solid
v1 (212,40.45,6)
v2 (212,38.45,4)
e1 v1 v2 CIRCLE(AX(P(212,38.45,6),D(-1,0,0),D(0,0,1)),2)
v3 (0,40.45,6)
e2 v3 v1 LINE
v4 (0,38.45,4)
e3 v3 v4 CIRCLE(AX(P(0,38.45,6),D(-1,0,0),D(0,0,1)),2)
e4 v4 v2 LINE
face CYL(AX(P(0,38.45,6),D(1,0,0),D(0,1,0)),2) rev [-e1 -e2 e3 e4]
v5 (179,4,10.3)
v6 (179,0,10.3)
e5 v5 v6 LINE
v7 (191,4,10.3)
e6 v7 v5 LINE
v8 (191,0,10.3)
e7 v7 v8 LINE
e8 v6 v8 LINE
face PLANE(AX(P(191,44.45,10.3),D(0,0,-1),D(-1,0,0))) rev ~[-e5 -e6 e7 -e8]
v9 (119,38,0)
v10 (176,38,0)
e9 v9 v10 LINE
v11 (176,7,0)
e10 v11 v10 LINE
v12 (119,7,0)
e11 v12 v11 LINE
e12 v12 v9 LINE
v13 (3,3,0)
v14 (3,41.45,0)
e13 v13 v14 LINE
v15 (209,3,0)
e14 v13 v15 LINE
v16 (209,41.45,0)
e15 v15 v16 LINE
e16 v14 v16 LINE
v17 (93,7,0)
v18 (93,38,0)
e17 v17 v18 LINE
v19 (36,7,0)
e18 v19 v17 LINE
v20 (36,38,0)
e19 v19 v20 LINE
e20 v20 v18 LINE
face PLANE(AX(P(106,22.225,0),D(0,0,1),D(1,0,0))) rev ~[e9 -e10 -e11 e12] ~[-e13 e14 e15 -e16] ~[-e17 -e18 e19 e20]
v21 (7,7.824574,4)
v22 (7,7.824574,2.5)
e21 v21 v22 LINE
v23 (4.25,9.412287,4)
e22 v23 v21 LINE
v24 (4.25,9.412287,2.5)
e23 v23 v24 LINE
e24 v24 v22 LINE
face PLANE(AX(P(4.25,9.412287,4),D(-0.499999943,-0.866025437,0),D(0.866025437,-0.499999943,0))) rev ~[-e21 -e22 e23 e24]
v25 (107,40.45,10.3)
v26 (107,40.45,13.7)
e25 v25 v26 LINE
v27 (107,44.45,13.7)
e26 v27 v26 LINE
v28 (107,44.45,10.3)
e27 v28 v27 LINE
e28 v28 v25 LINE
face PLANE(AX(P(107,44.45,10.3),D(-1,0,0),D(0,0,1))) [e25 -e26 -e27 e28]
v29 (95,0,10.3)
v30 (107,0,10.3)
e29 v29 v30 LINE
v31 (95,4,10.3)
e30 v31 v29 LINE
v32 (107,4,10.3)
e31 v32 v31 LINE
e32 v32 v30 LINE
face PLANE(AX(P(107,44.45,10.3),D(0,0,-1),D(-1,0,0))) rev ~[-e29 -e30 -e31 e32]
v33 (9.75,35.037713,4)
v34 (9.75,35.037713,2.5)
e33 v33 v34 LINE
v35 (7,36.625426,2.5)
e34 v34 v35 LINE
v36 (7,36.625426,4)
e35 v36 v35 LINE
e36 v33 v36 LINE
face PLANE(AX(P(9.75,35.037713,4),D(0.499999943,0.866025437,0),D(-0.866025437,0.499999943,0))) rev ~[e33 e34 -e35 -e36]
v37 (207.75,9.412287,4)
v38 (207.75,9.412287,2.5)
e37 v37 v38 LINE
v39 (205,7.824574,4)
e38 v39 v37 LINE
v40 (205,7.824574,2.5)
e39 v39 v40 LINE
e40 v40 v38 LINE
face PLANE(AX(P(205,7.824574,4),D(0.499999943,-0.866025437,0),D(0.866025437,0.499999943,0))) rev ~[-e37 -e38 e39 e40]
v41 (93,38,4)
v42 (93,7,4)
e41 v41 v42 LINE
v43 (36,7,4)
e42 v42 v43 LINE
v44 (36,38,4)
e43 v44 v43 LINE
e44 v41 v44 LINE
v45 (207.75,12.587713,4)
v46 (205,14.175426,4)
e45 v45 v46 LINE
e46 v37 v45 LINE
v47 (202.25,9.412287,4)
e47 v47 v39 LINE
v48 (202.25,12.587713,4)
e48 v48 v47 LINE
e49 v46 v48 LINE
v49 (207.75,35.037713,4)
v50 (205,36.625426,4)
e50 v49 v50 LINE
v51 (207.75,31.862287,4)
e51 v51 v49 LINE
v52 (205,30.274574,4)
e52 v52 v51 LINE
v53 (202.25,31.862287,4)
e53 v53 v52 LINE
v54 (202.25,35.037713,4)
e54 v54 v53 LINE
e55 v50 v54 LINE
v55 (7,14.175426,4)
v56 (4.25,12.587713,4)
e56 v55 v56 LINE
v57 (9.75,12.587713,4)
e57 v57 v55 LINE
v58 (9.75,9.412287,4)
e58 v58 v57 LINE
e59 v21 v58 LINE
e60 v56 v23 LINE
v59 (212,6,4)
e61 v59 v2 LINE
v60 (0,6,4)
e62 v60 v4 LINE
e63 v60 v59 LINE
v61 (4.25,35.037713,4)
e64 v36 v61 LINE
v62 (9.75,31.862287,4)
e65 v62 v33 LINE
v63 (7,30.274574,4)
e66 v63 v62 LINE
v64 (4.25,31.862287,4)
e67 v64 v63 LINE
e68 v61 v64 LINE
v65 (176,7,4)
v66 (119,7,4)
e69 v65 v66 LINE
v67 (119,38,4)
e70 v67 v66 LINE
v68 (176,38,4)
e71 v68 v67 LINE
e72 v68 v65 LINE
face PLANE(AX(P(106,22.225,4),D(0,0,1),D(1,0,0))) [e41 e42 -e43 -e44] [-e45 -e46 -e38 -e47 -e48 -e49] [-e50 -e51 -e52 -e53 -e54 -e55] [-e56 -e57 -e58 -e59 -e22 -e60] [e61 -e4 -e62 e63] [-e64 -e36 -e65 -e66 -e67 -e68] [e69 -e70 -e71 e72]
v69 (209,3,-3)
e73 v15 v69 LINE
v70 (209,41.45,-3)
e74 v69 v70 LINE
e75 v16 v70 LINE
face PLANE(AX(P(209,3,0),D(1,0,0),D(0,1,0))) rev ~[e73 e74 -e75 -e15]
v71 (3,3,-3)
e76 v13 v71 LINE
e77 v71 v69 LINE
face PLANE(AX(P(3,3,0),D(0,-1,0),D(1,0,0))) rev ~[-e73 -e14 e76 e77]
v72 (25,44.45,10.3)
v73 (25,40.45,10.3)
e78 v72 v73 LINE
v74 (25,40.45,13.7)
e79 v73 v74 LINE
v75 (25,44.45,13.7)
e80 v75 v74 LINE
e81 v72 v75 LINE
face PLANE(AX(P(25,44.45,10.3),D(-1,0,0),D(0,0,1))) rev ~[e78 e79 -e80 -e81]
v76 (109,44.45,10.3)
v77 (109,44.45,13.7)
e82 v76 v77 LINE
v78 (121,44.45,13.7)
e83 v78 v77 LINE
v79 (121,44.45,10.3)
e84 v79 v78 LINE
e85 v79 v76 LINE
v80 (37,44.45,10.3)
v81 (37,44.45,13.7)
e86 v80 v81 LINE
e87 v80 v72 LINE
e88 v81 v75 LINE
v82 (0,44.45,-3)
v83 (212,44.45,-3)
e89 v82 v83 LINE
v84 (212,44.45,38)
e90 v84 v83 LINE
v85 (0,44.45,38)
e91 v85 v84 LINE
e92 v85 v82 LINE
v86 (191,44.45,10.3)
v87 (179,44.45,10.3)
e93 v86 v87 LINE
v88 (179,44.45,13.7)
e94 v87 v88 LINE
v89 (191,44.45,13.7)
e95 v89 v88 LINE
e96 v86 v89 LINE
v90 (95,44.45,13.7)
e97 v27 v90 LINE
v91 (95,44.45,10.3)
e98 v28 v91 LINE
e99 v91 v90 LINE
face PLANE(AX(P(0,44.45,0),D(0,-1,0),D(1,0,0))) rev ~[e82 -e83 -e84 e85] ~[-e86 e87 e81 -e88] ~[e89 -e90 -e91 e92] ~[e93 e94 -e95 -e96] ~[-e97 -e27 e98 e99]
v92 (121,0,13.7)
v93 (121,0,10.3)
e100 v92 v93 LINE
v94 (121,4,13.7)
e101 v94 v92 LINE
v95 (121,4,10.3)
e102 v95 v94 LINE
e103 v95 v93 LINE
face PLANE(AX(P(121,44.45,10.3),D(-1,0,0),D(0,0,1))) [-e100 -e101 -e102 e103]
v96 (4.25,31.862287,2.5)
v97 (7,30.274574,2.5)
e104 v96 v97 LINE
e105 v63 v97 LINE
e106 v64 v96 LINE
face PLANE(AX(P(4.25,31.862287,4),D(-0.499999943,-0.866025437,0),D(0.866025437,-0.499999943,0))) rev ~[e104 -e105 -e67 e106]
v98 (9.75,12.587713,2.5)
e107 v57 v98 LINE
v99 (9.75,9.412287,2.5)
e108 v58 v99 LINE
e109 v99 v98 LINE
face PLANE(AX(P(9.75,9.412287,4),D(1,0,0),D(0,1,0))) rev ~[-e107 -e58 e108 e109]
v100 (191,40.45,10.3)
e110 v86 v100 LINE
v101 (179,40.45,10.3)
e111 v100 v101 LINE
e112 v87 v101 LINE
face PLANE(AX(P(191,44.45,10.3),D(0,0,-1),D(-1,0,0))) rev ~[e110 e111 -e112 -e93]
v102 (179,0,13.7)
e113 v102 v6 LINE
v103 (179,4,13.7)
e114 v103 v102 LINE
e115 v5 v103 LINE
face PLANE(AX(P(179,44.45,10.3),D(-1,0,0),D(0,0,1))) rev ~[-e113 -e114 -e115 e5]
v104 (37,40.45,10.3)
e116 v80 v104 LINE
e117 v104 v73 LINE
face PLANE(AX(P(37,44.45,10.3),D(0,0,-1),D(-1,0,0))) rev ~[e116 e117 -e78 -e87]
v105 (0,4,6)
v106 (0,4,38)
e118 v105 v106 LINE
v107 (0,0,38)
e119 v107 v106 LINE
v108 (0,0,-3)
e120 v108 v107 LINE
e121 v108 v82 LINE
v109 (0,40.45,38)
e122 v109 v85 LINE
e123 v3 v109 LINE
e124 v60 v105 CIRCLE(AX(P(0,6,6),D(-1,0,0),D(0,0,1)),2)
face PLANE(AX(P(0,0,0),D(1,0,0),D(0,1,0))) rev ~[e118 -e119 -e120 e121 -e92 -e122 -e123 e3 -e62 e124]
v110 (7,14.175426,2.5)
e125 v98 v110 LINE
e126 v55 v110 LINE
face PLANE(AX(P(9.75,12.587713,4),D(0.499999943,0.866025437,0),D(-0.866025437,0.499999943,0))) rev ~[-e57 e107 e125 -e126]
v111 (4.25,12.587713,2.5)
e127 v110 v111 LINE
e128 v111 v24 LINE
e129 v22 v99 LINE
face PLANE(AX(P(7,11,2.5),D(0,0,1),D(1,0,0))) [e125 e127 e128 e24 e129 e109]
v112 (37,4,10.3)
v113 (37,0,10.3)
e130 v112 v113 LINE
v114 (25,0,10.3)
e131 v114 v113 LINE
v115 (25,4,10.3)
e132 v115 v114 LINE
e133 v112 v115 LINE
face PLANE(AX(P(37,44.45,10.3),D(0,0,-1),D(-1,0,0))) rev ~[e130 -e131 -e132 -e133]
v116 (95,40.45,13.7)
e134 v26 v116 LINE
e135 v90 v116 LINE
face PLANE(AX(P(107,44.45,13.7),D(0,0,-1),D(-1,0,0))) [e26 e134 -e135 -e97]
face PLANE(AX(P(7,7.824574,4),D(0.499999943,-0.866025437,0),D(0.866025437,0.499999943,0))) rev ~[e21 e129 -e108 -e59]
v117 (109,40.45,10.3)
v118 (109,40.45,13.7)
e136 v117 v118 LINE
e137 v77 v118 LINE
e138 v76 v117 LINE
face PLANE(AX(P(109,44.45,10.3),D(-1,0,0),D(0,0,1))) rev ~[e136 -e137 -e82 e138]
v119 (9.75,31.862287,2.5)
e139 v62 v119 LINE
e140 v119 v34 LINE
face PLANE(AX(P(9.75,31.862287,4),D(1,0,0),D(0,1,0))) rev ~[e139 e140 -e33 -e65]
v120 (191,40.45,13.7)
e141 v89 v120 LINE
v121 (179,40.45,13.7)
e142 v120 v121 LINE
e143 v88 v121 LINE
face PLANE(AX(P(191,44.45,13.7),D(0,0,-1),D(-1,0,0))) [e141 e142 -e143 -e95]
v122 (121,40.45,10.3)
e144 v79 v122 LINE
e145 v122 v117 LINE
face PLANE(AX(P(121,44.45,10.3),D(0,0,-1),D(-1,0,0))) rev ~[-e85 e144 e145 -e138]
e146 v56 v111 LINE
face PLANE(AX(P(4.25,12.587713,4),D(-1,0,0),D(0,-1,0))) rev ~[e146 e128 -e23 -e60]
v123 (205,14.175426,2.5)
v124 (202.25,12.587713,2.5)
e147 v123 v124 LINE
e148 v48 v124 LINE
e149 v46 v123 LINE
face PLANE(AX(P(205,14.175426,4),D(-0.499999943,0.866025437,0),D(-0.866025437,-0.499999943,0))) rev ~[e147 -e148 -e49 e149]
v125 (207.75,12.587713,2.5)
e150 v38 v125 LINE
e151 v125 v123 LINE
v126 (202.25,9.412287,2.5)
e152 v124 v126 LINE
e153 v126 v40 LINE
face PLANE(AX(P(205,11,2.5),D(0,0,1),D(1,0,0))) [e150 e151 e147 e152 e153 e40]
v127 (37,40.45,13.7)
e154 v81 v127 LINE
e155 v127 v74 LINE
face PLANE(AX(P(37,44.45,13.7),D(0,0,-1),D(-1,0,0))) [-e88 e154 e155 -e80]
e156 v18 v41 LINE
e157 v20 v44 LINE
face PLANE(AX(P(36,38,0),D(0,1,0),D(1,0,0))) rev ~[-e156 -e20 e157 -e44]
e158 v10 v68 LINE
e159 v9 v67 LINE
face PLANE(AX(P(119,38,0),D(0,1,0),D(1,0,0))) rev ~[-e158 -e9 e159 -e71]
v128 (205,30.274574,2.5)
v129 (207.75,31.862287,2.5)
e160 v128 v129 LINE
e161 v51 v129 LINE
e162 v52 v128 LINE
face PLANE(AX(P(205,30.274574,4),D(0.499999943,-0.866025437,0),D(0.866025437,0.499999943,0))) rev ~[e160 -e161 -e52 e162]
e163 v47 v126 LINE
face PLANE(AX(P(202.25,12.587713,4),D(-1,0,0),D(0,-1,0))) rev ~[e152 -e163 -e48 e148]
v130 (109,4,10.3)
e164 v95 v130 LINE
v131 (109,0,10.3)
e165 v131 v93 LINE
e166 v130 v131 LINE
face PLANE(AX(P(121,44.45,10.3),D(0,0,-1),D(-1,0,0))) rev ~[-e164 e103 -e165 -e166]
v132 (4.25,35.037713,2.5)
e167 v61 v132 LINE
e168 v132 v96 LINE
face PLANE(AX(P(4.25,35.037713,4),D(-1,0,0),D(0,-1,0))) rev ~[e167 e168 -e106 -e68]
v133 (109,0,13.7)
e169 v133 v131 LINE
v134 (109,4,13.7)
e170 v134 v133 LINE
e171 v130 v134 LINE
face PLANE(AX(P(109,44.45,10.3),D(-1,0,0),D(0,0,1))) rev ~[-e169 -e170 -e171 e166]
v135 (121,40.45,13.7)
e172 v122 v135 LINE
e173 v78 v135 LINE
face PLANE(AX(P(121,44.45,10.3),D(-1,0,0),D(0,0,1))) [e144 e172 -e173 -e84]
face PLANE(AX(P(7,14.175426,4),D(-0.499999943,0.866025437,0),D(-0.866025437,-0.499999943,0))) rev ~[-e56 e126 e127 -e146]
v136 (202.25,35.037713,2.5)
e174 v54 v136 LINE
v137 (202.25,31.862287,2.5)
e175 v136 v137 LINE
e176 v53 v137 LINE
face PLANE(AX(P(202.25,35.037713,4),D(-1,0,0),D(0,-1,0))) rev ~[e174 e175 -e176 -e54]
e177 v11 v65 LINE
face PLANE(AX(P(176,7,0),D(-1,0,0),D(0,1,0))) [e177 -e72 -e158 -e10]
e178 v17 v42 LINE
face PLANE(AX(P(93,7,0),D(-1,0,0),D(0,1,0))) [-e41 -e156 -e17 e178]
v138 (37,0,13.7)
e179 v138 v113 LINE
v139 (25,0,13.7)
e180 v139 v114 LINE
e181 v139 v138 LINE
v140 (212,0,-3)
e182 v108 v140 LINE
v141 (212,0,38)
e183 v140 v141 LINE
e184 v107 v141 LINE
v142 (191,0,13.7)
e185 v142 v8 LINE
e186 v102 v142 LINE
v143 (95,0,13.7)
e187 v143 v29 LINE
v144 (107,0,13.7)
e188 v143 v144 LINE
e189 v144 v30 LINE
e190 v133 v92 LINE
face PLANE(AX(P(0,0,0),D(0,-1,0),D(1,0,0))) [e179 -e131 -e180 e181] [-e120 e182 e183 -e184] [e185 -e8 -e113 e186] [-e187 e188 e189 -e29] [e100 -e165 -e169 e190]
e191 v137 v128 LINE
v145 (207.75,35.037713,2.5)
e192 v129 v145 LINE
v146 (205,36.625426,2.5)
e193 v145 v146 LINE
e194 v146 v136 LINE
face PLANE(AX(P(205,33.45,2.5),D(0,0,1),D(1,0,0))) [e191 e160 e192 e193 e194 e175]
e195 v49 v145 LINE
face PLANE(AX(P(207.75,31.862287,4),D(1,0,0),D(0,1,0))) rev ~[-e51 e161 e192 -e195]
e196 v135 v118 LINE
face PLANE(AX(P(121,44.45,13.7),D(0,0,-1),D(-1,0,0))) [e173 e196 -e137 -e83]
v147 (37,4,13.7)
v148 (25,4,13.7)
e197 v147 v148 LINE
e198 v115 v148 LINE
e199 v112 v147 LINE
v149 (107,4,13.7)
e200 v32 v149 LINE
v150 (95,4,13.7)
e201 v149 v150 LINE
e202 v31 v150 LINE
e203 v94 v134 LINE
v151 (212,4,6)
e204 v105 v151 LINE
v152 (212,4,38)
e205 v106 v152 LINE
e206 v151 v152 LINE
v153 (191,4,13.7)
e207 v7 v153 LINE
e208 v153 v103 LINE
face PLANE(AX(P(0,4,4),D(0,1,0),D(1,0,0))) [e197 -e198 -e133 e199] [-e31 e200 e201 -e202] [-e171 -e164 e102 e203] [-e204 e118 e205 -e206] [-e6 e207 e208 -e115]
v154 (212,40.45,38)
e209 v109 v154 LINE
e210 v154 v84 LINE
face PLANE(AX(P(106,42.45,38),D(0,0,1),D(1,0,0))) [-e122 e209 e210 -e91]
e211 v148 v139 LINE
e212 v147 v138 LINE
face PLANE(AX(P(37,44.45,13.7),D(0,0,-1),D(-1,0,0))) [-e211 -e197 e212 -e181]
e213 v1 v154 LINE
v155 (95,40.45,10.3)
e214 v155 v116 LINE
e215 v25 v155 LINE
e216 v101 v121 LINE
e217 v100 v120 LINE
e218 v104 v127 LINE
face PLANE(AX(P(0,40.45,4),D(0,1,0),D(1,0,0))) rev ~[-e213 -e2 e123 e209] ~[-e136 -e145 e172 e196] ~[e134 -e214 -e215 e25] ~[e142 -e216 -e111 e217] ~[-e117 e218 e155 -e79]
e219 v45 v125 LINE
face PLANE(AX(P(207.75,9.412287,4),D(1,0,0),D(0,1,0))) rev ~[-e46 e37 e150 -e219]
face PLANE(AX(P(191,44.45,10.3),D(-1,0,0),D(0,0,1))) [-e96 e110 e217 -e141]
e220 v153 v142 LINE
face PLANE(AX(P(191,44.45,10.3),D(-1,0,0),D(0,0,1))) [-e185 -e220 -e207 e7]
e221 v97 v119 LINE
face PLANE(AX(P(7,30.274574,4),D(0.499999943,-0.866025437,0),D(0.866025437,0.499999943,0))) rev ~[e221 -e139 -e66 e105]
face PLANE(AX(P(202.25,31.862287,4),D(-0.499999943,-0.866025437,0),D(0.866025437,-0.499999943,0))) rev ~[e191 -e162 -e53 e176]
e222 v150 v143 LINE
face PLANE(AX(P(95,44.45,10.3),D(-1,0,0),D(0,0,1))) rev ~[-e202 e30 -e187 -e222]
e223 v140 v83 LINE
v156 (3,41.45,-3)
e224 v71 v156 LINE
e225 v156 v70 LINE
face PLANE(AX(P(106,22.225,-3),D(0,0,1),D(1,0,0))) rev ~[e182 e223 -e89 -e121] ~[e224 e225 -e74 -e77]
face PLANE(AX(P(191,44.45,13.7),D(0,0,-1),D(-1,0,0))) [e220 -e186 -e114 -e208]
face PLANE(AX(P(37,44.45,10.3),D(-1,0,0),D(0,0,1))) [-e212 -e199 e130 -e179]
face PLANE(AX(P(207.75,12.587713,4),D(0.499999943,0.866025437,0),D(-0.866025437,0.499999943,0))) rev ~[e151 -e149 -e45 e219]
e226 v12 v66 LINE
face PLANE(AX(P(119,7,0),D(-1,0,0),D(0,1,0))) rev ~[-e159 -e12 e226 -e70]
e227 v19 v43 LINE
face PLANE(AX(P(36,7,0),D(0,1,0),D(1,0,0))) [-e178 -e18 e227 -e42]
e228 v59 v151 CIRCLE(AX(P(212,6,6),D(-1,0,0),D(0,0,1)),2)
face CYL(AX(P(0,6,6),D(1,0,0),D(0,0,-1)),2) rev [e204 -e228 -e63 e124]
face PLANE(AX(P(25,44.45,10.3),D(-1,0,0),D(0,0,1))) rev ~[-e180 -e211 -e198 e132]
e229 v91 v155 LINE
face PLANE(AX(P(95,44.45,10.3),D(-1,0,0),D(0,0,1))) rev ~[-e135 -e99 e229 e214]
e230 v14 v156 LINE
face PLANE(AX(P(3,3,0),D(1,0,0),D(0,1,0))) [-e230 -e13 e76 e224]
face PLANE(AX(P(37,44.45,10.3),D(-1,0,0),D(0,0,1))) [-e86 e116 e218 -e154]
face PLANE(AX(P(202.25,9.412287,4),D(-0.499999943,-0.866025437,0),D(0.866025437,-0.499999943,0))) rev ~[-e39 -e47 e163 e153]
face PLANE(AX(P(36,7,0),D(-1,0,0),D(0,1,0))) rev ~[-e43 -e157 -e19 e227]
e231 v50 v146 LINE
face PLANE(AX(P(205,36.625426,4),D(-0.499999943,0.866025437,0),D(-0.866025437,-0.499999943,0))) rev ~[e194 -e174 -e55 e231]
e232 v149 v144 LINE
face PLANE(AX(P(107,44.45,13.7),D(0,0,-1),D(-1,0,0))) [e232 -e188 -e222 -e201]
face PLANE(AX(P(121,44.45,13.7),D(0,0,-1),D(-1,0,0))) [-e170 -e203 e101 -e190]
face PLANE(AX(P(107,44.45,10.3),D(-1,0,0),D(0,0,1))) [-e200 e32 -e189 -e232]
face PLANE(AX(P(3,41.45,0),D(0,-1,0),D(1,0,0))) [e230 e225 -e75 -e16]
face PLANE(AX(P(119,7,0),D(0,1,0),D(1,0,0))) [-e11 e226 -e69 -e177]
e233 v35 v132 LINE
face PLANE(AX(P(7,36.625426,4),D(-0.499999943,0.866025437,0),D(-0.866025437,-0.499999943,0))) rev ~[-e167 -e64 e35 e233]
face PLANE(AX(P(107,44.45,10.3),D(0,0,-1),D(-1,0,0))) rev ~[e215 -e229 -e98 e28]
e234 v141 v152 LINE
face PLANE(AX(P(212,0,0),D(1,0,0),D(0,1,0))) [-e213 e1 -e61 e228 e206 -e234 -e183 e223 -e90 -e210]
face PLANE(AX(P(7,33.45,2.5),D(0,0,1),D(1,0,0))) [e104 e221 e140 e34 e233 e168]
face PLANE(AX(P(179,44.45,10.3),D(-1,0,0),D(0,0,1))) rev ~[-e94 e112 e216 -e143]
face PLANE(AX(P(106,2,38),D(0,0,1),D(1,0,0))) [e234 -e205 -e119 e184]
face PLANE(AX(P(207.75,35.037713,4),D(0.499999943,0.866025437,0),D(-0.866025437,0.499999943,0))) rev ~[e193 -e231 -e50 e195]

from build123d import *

# Parameters (mm, degrees)
FACEPLATESKETCH_W      = 212
FACEPLATESKETCH_H      = 44.45
FACEPLATEPAD_DEPTH     = 4
BOTTOMWALLSKETCH_W     = 212
BOTTOMWALLSKETCH_H     = 4
BOTTOMWALLPAD_DEPTH    = 34
TOPWALLSKETCH_W        = 212
TOPWALLSKETCH_H        = 4
TOPWALLPAD_DEPTH       = 34
LIPBLOCKSKETCH_W       = 212
LIPBLOCKSKETCH_H       = 44.45
LIPBLOCKPAD_DEPTH      = 3
LIPPOCKETSKETCH_W      = 206
LIPPOCKETSKETCH_H      = 38.45
LIPPOCKET_DEPTH        = 3
JOINTHOLESSKETCH_R     = 1.6
JOINTHOLESPOCKET_DEPTH = 3.001
NUTRECESSPOCKET_DEPTH  = 1.5
BOXCUTOUTSKETCH_W      = 57
BOXCUTOUTSKETCH_H      = 31
BOXCUTOUTPOCKET_DEPTH  = 38.001
WALLFILLETS_R          = 2
TOPSLOTSKETCH_W        = 12
TOPSLOTSKETCH_H        = 3.4
TOPSLOTPOCKET_DEPTH    = 44.451


with BuildPart() as part:
    # FacePlateSketch → FacePlatePad (new body)
    with BuildSketch(Plane.XY):
        with Locations((106, 22.225)):
            Rectangle(FACEPLATESKETCH_W, FACEPLATESKETCH_H)
    extrude(amount=FACEPLATEPAD_DEPTH)

    # BottomWallSketch (on Face6 of FacePlatePad) → BottomWallPad (join)
    with BuildSketch(Plane.XY.offset(4)):
        with Locations((106, 2)):
            Rectangle(BOTTOMWALLSKETCH_W, BOTTOMWALLSKETCH_H)
    extrude(amount=BOTTOMWALLPAD_DEPTH)

    # TopWallSketch (on Face6 of FacePlatePad) → TopWallPad (join)
    with BuildSketch(Plane.XY.offset(4)):
        with Locations((106, 42.45)):
            Rectangle(TOPWALLSKETCH_W, TOPWALLSKETCH_H)
    extrude(amount=TOPWALLPAD_DEPTH)

    # LipBlockSketch → LipBlockPad (join)
    with BuildSketch(Plane.XY):
        with Locations((106, 22.225)):
            Rectangle(LIPBLOCKSKETCH_W, LIPBLOCKSKETCH_H)
    extrude(amount=-LIPBLOCKPAD_DEPTH)

    # LipPocketSketch → LipPocket (cut)
    with BuildSketch(Plane.XY):
        with Locations((106, 22.225)):
            Rectangle(LIPPOCKETSKETCH_W, LIPPOCKETSKETCH_H)
    extrude(amount=-LIPPOCKET_DEPTH, mode=Mode.SUBTRACT)

    # JointHolesSketch → JointHolesPocket (cut, through all)
    with BuildSketch(Plane.XY):
        with Locations((7, 11)):
            Circle(JOINTHOLESSKETCH_R)
        with Locations((205, 11)):
            Circle(JOINTHOLESSKETCH_R)
        with Locations((7, 33.45)):
            Circle(JOINTHOLESSKETCH_R)
        with Locations((205, 33.45)):
            Circle(JOINTHOLESSKETCH_R)
    extrude(amount=-JOINTHOLESPOCKET_DEPTH, mode=Mode.SUBTRACT)

    # NutRecessSketch (on Face6 of FacePlatePad) → NutRecessPocket (cut)
    with BuildSketch(Plane.XY.offset(4)):
        Polygon((9.75, 12.587713), (7, 14.175426), (4.25, 12.587713), (4.25, 9.412287), (7, 7.824574), (9.75, 9.412287), align=None)
        Polygon((207.75, 12.587713), (205, 14.175426), (202.25, 12.587713), (202.25, 9.412287), (205, 7.824574), (207.75, 9.412287), align=None)
        Polygon((9.75, 35.037713), (7, 36.625426), (4.25, 35.037713), (4.25, 31.862287), (7, 30.274574), (9.75, 31.862287), align=None)
        Polygon((207.75, 35.037713), (205, 36.625426), (202.25, 35.037713), (202.25, 31.862287), (205, 30.274574), (207.75, 31.862287), align=None)
    extrude(amount=-NUTRECESSPOCKET_DEPTH, mode=Mode.SUBTRACT)

    # BoxCutoutSketch → BoxCutoutPocket (cut, through all)
    with BuildSketch(Plane.XY):
        with Locations((64.5, 22.5)):
            Rectangle(BOXCUTOUTSKETCH_W, BOXCUTOUTSKETCH_H)
        with Locations((147.5, 22.5)):
            Rectangle(BOXCUTOUTSKETCH_W, BOXCUTOUTSKETCH_H)
    extrude(amount=BOXCUTOUTPOCKET_DEPTH, mode=Mode.SUBTRACT)

    # WallFillets
    wallfillets_edges = [part.edges().sort_by_distance(p)[0] for p in [
        (106, 4, 4),
        (106, 40.45, 4),
    ]]
    fillet(wallfillets_edges, radius=WALLFILLETS_R)

    # TopSlotSketch (on Face10 of WallFillets) → TopSlotPocket (cut, through all)
    with BuildSketch(Plane(origin=(0, 44.45, 0), x_dir=(-1, 0, 0), z_dir=(0, 1, 0))):
        with Locations((-31, 12)):
            Rectangle(TOPSLOTSKETCH_W, TOPSLOTSKETCH_H)
        with Locations((-101, 12)):
            Rectangle(TOPSLOTSKETCH_W, TOPSLOTSKETCH_H)
        with Locations((-115, 12)):
            Rectangle(TOPSLOTSKETCH_W, TOPSLOTSKETCH_H)
        with Locations((-185, 12)):
            Rectangle(TOPSLOTSKETCH_W, TOPSLOTSKETCH_H)
    extrude(amount=-TOPSLOTPOCKET_DEPTH, mode=Mode.SUBTRACT)


solid = part.part
